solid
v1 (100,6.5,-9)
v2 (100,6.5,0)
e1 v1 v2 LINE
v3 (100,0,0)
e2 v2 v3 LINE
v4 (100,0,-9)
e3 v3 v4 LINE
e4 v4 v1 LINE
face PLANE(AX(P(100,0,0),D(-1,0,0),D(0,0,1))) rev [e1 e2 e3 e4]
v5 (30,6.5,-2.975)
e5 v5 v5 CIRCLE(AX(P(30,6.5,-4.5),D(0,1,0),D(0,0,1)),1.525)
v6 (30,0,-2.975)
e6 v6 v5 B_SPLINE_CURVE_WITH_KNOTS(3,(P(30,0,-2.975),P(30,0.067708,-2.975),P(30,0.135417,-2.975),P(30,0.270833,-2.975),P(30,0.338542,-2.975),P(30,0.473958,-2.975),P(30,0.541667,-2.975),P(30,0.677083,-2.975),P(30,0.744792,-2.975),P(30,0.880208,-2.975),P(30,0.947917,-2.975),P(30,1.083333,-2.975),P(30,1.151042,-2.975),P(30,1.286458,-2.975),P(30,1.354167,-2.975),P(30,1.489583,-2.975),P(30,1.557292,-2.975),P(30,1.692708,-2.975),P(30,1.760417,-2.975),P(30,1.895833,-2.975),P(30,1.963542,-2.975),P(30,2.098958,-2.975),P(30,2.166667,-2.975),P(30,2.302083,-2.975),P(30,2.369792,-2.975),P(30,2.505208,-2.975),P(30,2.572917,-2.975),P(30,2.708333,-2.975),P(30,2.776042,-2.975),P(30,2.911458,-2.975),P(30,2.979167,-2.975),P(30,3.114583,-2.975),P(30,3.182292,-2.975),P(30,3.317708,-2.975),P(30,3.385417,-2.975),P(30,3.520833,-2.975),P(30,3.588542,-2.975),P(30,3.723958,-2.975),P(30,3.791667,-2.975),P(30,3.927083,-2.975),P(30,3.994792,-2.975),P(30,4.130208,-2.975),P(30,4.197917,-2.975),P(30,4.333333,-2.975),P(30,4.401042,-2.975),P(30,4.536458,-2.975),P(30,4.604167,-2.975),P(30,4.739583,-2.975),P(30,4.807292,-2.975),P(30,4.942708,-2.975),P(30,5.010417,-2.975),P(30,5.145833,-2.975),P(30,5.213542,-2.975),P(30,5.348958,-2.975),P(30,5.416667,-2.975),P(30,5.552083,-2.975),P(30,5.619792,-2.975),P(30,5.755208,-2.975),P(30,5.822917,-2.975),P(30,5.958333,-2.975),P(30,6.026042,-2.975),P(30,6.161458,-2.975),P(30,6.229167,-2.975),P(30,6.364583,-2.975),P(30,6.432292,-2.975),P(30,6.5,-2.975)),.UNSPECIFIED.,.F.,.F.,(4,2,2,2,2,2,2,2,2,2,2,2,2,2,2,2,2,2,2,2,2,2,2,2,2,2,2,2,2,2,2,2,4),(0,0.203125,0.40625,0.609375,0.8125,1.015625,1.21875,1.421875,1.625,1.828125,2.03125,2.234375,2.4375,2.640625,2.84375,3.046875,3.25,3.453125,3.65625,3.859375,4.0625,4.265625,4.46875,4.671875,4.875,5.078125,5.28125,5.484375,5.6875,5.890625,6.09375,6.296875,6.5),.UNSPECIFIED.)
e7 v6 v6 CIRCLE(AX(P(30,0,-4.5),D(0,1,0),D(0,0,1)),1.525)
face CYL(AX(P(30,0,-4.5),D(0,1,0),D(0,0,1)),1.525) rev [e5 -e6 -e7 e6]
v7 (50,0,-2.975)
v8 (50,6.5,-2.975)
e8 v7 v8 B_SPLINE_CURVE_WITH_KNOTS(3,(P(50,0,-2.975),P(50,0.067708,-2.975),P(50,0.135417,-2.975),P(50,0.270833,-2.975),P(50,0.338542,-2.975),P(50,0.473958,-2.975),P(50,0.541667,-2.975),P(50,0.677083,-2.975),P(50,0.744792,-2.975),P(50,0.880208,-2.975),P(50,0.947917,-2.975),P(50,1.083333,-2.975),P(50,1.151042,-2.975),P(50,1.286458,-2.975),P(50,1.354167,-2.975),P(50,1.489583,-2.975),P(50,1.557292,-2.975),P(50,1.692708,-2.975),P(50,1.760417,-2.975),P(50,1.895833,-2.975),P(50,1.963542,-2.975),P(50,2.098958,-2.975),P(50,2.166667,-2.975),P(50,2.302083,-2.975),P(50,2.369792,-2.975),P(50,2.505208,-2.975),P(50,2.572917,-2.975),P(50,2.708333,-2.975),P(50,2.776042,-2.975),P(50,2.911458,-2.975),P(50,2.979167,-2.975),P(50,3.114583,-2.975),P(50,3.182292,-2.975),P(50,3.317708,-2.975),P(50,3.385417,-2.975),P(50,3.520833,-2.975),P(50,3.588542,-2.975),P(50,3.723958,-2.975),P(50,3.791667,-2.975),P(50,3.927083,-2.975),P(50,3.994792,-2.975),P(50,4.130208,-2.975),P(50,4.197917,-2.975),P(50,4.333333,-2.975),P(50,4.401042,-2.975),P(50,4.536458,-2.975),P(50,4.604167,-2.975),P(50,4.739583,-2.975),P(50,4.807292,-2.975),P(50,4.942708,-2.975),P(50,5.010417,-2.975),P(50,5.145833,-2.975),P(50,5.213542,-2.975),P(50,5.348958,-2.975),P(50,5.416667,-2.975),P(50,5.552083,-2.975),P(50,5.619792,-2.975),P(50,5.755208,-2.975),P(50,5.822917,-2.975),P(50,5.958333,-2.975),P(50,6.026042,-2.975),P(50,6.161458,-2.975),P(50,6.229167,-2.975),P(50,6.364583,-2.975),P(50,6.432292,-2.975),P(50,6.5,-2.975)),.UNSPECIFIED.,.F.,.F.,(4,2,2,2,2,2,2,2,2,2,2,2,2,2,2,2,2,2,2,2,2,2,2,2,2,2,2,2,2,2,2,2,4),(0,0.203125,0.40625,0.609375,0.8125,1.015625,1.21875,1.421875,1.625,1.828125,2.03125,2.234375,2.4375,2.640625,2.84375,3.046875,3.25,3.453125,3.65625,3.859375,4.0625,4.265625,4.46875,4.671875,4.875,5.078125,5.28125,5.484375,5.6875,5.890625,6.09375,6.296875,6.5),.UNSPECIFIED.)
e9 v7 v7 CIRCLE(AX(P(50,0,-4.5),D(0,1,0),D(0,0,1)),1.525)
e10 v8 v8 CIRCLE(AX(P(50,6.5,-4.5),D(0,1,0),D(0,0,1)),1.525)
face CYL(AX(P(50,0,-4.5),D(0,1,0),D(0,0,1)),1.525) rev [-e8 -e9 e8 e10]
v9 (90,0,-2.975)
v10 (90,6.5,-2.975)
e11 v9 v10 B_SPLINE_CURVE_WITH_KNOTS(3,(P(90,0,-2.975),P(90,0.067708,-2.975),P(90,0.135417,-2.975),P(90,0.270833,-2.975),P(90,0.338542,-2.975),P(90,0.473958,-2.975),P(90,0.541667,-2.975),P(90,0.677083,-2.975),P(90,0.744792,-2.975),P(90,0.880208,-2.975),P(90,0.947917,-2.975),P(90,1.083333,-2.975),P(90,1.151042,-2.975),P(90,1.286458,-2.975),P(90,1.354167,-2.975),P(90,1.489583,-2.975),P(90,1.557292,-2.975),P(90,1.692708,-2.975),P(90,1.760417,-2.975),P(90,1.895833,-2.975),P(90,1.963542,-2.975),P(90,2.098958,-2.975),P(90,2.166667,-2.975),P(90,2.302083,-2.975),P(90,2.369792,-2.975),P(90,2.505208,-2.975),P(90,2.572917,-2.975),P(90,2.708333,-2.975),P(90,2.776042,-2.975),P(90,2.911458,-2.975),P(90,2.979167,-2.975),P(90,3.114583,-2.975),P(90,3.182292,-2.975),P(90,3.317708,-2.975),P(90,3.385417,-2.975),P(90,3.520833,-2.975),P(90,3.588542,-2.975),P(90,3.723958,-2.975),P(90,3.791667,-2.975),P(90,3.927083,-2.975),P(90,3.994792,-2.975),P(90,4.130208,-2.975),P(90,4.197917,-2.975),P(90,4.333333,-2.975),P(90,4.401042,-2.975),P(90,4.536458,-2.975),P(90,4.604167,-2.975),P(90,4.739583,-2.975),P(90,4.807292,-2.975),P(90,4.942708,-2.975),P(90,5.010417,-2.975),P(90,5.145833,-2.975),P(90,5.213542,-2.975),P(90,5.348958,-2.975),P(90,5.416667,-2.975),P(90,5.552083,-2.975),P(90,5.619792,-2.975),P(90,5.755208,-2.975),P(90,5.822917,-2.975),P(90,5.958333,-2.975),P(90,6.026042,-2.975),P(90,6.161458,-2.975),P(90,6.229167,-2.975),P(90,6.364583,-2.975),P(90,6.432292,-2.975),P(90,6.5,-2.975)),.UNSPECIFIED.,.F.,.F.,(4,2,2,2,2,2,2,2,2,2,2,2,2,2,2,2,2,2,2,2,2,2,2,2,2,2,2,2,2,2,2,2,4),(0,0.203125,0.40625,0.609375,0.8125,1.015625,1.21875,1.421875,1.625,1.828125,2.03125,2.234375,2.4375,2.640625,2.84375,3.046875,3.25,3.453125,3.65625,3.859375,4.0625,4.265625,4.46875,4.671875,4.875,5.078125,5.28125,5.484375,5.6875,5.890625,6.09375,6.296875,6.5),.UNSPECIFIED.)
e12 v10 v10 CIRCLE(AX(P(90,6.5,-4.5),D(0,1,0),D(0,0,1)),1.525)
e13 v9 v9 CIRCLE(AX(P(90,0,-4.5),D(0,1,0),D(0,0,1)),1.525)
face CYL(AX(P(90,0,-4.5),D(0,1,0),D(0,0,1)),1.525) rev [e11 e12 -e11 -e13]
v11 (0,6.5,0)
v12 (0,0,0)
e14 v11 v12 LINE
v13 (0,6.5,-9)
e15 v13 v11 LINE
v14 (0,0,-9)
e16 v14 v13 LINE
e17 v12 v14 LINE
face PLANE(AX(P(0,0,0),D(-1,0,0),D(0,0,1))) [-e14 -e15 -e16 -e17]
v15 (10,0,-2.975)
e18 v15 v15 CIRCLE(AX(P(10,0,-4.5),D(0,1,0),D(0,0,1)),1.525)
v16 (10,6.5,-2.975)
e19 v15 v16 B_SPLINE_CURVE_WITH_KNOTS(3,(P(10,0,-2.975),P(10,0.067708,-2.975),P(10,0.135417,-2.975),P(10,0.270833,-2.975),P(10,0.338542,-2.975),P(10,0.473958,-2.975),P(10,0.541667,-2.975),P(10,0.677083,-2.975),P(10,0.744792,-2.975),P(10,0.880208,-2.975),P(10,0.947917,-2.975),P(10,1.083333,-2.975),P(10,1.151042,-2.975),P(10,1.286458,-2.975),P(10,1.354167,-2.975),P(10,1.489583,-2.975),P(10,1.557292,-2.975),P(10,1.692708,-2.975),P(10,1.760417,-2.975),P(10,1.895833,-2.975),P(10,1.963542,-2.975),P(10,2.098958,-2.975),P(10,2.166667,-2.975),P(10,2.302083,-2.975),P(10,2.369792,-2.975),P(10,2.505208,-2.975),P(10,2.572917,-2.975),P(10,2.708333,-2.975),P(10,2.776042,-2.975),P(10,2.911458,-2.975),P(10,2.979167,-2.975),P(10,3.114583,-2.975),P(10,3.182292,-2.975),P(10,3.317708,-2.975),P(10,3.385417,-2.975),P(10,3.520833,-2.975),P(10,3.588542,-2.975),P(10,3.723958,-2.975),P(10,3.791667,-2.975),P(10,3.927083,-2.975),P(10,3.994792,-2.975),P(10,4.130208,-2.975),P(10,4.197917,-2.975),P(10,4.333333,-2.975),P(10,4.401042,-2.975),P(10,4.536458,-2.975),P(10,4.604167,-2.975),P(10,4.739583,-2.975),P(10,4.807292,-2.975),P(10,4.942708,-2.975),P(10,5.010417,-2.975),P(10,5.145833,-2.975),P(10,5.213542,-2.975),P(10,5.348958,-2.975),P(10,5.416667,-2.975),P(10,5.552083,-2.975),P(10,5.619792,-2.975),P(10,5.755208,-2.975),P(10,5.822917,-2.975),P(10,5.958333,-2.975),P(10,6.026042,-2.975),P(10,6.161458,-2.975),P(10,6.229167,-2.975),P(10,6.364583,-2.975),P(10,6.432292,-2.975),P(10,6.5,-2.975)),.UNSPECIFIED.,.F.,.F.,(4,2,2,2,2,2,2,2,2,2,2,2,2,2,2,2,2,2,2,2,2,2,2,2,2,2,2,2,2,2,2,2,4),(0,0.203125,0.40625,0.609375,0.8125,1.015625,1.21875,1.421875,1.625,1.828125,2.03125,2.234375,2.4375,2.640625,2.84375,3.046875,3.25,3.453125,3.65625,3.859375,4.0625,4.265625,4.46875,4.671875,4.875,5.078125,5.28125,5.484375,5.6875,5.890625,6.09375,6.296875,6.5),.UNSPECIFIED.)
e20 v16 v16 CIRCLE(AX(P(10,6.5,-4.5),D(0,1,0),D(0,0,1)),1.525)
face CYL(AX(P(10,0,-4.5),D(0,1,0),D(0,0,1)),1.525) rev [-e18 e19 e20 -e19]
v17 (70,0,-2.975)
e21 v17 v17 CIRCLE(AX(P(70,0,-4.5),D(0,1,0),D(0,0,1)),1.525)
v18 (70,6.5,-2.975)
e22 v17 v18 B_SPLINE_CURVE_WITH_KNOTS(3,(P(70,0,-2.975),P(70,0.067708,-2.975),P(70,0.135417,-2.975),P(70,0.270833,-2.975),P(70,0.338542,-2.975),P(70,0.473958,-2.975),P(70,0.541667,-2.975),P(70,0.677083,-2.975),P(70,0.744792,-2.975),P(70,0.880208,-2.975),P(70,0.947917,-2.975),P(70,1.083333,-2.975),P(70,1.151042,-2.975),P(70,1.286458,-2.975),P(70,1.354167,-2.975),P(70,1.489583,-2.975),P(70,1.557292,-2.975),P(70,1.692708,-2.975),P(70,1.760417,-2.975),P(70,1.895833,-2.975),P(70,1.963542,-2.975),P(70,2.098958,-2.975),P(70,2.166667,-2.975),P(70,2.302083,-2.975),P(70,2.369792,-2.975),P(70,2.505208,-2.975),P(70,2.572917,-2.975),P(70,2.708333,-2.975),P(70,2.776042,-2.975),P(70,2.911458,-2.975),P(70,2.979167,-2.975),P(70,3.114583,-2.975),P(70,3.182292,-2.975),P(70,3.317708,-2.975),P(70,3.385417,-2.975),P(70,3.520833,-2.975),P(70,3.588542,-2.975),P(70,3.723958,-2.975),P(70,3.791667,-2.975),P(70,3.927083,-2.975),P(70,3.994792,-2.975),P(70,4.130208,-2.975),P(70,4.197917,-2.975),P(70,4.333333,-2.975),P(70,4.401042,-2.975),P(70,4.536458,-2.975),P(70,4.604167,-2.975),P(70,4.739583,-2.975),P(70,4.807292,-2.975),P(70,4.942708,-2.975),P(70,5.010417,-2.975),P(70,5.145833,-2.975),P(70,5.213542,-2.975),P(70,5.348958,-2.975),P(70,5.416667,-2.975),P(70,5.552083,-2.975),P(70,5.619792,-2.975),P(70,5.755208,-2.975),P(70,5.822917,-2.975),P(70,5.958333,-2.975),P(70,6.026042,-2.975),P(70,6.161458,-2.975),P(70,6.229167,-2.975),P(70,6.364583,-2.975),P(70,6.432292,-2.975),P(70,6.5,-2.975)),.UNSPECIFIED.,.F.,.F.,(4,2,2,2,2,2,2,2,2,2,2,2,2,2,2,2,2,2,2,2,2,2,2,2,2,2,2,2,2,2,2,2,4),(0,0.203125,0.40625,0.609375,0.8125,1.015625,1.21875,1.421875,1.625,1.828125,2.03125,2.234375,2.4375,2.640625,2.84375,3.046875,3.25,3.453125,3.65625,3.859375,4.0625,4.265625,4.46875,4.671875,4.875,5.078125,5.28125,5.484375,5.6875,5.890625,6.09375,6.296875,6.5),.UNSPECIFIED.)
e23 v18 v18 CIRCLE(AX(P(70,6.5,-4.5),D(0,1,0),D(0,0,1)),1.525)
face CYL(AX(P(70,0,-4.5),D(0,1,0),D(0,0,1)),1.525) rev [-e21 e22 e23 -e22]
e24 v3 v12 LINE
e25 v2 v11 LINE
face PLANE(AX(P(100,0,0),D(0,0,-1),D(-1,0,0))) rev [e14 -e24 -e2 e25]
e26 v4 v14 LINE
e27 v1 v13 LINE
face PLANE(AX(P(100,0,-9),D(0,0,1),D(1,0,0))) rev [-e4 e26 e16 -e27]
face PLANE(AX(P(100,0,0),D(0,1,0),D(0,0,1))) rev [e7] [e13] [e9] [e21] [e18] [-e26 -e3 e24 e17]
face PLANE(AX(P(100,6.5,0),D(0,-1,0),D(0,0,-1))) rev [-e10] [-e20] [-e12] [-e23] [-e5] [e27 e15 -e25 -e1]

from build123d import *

# Parameters (mm, degrees)
SKETCH_1_W          = 9
SKETCH_1_H          = 6.5
EXTRUDE_1_DEPTH     = 100
SKETCH_2_R          = 1.525
CUT_EXTRUDE_1_DEPTH = 101.614362792


with BuildPart() as part:
    # 草图1 → 凸台-拉伸1 (new body)
    with BuildSketch(Plane(origin=(0, 0, 0), x_dir=(0, 0, -1), z_dir=(1, 0, 0))):
        with Locations((4.5, 3.25)):
            Rectangle(SKETCH_1_W, SKETCH_1_H)
    extrude(amount=EXTRUDE_1_DEPTH)

    # 草图2 → 切除-拉伸1 (cut, through all)
    with BuildSketch(Plane(origin=(0, 6.5, 0), x_dir=(1, 0, 0), z_dir=(0, 1, 0))):
        with Locations(Location((10, 4.5, 0), (0, 0, 270))):
            Circle(SKETCH_2_R)
        with Locations(Location((30, 4.5, 0), (0, 0, 270))):
            Circle(SKETCH_2_R)
        with Locations(Location((50, 4.5, 0), (0, 0, 270))):
            Circle(SKETCH_2_R)
        with Locations(Location((70, 4.5, 0), (0, 0, 270))):
            Circle(SKETCH_2_R)
        with Locations(Location((90, 4.5, 0), (0, 0, 270))):
            Circle(SKETCH_2_R)
    extrude(amount=-CUT_EXTRUDE_1_DEPTH, mode=Mode.SUBTRACT)


solid = part.part
